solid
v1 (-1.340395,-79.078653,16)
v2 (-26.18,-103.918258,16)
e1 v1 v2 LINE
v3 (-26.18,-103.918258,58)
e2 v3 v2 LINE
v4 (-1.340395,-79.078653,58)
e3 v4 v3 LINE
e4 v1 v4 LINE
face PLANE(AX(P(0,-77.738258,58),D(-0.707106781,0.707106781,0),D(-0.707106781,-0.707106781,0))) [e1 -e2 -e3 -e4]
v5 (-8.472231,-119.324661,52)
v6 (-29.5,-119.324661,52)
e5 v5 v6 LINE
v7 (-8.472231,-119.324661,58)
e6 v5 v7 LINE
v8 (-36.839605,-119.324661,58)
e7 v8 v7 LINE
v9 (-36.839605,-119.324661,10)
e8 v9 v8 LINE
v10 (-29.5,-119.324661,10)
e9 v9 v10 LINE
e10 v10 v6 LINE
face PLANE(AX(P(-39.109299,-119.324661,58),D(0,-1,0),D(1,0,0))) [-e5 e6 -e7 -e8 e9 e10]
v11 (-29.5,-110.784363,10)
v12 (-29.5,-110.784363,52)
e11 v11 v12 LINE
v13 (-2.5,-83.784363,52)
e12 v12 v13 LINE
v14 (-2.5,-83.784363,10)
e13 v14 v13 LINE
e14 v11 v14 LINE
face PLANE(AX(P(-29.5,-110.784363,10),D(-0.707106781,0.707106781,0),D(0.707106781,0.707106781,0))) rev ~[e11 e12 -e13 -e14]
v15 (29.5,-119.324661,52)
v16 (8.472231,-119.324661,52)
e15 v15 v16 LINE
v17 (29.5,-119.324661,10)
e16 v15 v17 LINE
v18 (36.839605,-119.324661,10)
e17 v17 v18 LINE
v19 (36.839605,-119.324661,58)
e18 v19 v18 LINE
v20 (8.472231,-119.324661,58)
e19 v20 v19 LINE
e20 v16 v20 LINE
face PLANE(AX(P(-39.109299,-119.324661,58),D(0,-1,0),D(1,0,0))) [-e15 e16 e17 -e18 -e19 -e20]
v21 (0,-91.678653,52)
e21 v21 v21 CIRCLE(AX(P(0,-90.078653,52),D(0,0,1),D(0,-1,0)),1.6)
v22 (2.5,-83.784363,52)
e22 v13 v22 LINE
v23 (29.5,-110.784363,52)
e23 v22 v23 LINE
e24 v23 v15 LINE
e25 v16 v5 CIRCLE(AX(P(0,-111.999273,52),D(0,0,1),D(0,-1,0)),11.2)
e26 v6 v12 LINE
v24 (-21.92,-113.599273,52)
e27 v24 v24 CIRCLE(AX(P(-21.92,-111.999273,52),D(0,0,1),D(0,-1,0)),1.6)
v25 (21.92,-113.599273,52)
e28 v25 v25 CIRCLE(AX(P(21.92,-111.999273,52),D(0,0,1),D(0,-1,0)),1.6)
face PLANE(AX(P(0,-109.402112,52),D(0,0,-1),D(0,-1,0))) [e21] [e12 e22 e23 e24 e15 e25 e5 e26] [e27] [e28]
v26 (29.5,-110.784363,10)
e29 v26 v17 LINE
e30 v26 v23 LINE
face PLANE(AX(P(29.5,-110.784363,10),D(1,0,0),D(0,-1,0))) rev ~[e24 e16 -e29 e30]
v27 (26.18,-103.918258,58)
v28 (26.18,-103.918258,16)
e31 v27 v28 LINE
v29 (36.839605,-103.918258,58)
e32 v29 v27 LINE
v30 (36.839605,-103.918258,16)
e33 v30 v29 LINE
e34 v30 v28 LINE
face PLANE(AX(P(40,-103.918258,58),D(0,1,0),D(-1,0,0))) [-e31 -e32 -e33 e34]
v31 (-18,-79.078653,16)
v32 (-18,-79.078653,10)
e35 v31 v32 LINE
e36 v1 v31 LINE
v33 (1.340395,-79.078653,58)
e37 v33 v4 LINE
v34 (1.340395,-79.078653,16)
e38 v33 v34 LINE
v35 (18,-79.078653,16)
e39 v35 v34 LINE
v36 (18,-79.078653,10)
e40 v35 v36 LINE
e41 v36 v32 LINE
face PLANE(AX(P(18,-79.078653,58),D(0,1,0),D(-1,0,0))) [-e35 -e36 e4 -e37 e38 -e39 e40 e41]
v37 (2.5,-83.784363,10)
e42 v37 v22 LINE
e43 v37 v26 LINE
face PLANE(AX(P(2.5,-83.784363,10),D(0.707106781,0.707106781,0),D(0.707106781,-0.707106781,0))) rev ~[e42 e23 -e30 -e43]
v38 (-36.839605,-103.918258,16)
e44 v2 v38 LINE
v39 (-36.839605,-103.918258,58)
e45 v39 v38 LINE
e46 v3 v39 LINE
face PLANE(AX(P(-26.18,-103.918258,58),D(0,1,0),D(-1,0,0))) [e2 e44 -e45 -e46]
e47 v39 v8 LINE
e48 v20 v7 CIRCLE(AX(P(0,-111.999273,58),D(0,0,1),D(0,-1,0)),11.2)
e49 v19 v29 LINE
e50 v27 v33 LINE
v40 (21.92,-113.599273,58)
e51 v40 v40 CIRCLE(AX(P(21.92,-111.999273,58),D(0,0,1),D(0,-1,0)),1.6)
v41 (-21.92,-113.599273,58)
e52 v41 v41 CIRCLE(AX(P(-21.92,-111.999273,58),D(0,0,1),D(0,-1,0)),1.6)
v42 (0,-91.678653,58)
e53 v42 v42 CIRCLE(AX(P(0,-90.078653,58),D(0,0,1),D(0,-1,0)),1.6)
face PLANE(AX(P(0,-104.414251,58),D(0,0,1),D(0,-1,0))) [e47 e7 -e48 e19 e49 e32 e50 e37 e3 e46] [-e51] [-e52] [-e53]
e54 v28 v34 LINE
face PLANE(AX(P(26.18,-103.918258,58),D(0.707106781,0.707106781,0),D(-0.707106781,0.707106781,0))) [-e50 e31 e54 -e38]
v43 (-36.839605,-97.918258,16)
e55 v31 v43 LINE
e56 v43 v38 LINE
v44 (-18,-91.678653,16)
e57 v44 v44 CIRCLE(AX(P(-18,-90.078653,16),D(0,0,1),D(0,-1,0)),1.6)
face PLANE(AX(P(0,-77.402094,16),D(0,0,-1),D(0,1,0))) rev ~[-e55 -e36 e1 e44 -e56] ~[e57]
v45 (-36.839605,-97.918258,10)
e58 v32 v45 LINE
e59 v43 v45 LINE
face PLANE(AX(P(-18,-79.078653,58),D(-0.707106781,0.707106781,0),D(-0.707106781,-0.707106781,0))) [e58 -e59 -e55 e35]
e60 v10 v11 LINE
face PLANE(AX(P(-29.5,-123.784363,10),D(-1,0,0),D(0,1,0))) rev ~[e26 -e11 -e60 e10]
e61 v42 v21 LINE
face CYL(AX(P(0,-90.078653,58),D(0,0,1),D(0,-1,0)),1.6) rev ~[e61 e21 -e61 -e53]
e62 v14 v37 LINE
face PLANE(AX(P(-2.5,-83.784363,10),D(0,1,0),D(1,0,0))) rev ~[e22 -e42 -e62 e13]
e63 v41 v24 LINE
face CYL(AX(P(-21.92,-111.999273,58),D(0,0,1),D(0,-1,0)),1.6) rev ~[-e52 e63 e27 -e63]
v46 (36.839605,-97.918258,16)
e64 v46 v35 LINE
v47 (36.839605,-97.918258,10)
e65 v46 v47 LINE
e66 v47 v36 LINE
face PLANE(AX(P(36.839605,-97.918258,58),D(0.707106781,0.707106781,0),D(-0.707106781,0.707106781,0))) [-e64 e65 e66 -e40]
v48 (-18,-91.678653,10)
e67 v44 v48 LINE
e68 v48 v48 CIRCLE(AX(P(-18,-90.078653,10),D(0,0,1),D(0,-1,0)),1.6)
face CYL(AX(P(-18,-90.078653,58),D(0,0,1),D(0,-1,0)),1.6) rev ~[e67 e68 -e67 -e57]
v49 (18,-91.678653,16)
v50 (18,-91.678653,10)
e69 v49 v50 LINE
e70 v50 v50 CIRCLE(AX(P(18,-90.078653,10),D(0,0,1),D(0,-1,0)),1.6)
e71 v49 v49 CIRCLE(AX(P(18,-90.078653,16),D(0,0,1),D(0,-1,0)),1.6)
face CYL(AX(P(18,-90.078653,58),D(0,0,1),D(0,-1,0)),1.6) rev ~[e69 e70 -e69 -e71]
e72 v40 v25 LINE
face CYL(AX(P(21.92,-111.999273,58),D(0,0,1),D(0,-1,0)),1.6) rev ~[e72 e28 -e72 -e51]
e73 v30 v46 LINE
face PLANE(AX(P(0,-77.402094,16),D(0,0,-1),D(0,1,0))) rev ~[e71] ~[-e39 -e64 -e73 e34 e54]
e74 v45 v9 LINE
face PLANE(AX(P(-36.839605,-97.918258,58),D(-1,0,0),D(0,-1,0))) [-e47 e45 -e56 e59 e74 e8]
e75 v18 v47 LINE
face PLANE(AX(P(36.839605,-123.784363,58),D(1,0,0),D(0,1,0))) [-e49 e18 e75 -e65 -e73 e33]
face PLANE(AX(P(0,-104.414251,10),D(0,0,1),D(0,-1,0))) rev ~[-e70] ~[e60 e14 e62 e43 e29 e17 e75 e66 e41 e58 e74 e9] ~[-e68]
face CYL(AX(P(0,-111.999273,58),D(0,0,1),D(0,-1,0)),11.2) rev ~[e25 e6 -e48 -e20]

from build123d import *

# Parameters (mm, degrees)
SKETCH081_R             = 1.6
SKETCH081_R_2           = 11.2
PAD028_DEPTH            = 48
POCKET048_DEPTH         = 42
POCKET049_DEPTH         = 42
SKETCH084_W             = 10.029114
SKETCH084_H             = 77.862412
POCKET050_DEPTH         = 48
BODY018_PLACEMENT_ANGLE = 90


with BuildPart() as part:
    # Sketch081 → Pad028 (new body)
    with BuildSketch(Plane.XY):
        Polygon((133.0786530333, 18), (133.0786530333, -18), (151.9182582148, -36.8396051816), (177.784363, -36.8396051816), (177.784363, 36.8396051816), (151.9182582148, 36.8396051816), align=None)
        with Locations((144.0786530333, 0)):
            Circle(SKETCH081_R, mode=Mode.SUBTRACT)
        with Locations((165.9992734624, 21.92)):
            Circle(SKETCH081_R, mode=Mode.SUBTRACT)
        with Locations((165.9992734624, -21.92)):
            Circle(SKETCH081_R, mode=Mode.SUBTRACT)
        with Locations((165.9992734624, 0)):
            Circle(SKETCH081_R_2, mode=Mode.SUBTRACT)
        with Locations((144.0786530333, 18)):
            Circle(SKETCH081_R, mode=Mode.SUBTRACT)
        with Locations((144.0786530333, -18)):
            Circle(SKETCH081_R, mode=Mode.SUBTRACT)
    extrude(amount=-PAD028_DEPTH)

    # Sketch082 (on Face14 of Pad028) → Pocket048 (cut)
    with BuildSketch(Plane(origin=(0, 0, -48), x_dir=(1, 0, 0), z_dir=(0, 0, -1))):
        Polygon((177.784363, 29.5), (164.784363, 29.5), (137.784363, 2.5), (137.784363, -2.5), (164.784363, -29.5), (177.784363, -29.5), align=None)
    extrude(amount=-POCKET048_DEPTH, mode=Mode.SUBTRACT)

    # Sketch083 (on Face4 of Pocket048) → Pocket049 (cut)
    with BuildSketch(Plane.XY):
        Polygon((157.9182582148, 26.18), (131.7382582148, 0), (157.9182582148, -26.18), (157.9182582148, -40), (107.9182582148, -40), (107.9182582148, 40), (157.9182582148, 40), align=None)
    extrude(amount=-POCKET049_DEPTH, mode=Mode.SUBTRACT)

    # Sketch084 (on Face4 of Pocket049) → Pocket050 (cut)
    with BuildSketch(Plane.XY):
        with Locations((178.339218, -0.178093)):
            Rectangle(SKETCH084_W, SKETCH084_H)
    extrude(amount=-POCKET050_DEPTH, mode=Mode.SUBTRACT)


with BuildPart() as part_1:
    # Body018 placement: moved
    add(part.part.moved(Location((0, 54, 58))).rotate(Axis((0, 54, 58), (0, 0, -1)), BODY018_PLACEMENT_ANGLE))


solid = part_1.part
